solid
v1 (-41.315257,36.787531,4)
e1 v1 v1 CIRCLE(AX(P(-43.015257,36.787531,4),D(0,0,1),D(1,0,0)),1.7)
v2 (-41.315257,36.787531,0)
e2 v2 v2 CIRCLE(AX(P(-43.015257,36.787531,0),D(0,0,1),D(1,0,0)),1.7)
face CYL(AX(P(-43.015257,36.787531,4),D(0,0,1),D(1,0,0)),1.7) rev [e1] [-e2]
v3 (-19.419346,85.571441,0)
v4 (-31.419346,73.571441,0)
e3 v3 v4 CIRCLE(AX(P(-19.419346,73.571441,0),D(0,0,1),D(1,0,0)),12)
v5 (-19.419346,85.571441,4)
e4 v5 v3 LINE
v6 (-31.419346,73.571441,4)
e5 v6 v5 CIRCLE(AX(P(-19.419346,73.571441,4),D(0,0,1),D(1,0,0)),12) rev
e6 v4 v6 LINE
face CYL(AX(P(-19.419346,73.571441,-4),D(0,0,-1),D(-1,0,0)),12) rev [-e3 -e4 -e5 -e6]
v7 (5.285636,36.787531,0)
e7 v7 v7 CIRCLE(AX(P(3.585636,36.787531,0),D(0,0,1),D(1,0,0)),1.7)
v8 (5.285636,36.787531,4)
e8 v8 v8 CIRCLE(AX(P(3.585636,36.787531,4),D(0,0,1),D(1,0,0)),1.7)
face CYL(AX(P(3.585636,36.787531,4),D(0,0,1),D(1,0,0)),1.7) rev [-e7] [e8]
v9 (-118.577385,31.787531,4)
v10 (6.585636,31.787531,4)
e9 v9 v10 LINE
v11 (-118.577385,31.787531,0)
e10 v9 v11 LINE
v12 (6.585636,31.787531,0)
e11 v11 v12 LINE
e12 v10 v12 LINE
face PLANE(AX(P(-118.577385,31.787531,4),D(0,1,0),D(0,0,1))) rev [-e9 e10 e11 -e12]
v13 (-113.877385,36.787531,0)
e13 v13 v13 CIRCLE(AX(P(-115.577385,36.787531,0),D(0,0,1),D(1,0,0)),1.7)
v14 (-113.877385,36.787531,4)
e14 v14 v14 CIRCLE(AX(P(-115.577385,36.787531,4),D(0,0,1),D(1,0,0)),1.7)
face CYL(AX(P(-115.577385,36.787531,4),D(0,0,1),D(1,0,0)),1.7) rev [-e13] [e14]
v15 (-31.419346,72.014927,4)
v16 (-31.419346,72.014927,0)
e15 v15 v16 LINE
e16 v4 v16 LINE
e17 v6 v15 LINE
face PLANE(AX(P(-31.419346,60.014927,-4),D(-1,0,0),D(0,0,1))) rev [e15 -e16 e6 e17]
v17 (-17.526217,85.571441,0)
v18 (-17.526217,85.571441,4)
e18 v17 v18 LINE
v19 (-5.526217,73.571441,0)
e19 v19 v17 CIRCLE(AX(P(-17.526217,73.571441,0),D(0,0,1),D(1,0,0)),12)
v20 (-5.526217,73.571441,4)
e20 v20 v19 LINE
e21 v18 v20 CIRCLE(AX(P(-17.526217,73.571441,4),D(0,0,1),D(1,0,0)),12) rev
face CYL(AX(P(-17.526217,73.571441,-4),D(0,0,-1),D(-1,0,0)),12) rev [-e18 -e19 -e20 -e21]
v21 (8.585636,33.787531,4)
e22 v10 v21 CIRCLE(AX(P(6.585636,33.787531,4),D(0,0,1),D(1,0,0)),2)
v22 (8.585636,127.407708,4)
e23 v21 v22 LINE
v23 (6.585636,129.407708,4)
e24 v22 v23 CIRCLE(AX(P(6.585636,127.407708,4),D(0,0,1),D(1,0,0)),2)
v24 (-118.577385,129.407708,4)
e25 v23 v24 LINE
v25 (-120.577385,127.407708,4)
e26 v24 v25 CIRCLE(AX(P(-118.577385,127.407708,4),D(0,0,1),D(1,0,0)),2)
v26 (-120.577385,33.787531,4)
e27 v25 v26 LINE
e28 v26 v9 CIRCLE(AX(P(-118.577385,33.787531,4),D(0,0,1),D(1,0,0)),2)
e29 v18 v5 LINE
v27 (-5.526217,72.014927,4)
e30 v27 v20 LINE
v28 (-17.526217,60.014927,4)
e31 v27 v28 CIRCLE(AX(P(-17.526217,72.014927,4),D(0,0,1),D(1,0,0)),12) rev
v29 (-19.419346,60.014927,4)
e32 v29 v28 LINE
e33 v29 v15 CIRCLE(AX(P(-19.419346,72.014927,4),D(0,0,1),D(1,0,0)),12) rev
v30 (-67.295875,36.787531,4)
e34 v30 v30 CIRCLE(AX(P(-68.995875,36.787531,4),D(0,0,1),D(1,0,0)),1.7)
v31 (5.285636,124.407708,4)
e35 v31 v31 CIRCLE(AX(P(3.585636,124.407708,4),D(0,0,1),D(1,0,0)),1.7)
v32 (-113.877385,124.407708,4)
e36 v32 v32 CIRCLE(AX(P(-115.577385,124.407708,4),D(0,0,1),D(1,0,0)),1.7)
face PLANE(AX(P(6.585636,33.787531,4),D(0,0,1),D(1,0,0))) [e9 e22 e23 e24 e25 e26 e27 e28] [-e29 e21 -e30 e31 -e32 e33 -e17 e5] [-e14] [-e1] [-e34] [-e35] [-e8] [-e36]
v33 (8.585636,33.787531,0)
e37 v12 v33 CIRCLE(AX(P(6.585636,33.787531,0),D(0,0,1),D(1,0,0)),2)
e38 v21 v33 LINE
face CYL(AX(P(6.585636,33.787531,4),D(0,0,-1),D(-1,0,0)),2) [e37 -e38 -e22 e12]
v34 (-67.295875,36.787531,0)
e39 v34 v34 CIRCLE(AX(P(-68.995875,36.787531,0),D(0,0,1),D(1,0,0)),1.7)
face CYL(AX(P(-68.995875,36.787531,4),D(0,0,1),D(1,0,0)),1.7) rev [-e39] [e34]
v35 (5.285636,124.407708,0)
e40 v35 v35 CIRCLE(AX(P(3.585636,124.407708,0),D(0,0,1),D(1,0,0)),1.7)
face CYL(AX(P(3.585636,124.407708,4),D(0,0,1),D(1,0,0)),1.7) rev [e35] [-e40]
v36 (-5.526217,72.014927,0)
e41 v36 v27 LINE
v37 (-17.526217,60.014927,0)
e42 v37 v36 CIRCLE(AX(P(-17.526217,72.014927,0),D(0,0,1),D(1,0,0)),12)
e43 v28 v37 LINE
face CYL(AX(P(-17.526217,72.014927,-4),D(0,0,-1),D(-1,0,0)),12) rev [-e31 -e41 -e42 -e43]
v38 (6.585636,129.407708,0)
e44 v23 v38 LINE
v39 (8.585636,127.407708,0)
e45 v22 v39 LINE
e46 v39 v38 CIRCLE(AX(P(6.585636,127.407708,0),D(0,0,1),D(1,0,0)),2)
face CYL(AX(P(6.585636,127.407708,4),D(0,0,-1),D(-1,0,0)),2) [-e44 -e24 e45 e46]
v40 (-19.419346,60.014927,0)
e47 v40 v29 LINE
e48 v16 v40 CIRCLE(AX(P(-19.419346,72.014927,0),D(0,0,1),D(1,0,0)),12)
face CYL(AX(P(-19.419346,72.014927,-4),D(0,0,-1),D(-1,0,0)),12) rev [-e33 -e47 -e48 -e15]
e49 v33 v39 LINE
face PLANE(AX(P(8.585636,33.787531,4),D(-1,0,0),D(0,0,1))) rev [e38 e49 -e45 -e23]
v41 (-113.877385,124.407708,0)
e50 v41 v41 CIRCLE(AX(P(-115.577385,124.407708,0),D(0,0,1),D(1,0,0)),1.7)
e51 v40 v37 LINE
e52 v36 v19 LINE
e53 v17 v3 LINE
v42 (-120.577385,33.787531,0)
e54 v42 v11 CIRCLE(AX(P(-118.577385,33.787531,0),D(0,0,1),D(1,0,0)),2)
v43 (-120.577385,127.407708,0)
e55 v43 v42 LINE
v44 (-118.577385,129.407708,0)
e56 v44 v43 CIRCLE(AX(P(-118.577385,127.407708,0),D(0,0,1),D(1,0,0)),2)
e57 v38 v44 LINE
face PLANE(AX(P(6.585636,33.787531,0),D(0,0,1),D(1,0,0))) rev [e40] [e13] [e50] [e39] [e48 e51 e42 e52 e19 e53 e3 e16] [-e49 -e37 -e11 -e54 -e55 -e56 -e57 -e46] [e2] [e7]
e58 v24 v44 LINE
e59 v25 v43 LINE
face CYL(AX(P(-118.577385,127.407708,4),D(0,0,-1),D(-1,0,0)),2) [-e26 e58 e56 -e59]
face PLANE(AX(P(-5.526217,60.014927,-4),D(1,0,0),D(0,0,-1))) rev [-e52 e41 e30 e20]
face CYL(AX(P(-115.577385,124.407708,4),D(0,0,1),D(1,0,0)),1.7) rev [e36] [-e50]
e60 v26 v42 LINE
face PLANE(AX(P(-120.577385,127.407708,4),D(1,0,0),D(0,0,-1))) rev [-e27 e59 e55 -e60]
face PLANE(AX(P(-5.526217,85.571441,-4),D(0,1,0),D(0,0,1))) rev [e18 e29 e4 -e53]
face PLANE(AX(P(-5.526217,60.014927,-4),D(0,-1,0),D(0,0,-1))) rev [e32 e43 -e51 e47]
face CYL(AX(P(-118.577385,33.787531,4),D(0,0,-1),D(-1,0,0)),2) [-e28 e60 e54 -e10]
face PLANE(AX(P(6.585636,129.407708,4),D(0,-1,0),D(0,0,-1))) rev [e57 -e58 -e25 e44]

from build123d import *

# Parameters (mm, degrees)
BOSS_EXTRUDE1_DEPTH  = 4
M3_CLEARANCE_HOLE1_D = 3.4
SKETCH4_W            = 25.893128439
SKETCH4_H            = 25.556513708
CUT_EXTRUDE1_DEPTH   = 8
FILLET1_R            = 12


with BuildPart() as part:
    # Sketch1 → Boss-Extrude1 (new body)
    with BuildSketch(Plane.XY):
        with BuildLine():
            Line((-118.577385132, 31.787530767), (6.585636131, 31.787530767))
            ThreePointArc((6.585636131, 31.787530767), (7.999849693, 32.373317205), (8.585636131, 33.787530767))
            Line((8.585636131, 33.787530767), (8.585636131, 127.40770823))
            ThreePointArc((8.585636131, 127.40770823), (7.999849693, 128.821921793), (6.585636131, 129.40770823))
            Line((6.585636131, 129.40770823), (-118.577385132, 129.40770823))
            ThreePointArc((-118.577385132, 129.40770823), (-119.991598694, 128.821921793), (-120.577385132, 127.40770823))
            Line((-120.577385132, 127.40770823), (-120.577385132, 33.787530767))
            ThreePointArc((-120.577385132, 33.787530767), (-119.991598694, 32.373317205), (-118.577385132, 31.787530767))
        make_face()
    extrude(amount=BOSS_EXTRUDE1_DEPTH)

    # M3 Clearance Hole1 (through all)
    with Locations(Plane.XY.offset(4)):
        with Locations((-115.577385132, 124.40770823), (3.585636131, 124.40770823), (-115.577385132, 36.787530767), (-68.995874501, 36.787530767), (-43.015256757, 36.787530767), (3.585636131, 36.787530767)):
            Hole(M3_CLEARANCE_HOLE1_D / 2)

    # Sketch4 → Cut-Extrude1 (cut)
    with BuildSketch(Plane.XY.offset(4)):
        with Locations((-18.472781595, 72.793183927)):
            Rectangle(SKETCH4_W, SKETCH4_H)
    extrude(amount=-CUT_EXTRUDE1_DEPTH, mode=Mode.SUBTRACT)

    # Fillet1
    fillet1_edges = [part.edges().sort_by_distance(p)[0] for p in [
        (-5.526217375, 85.571440781, 2),
        (-5.526217375, 60.014927073, 2),
        (-31.419345814, 60.014927073, 2),
        (-31.419345814, 85.571440781, 2),
    ]]
    fillet(fillet1_edges, radius=FILLET1_R)


solid = part.part
